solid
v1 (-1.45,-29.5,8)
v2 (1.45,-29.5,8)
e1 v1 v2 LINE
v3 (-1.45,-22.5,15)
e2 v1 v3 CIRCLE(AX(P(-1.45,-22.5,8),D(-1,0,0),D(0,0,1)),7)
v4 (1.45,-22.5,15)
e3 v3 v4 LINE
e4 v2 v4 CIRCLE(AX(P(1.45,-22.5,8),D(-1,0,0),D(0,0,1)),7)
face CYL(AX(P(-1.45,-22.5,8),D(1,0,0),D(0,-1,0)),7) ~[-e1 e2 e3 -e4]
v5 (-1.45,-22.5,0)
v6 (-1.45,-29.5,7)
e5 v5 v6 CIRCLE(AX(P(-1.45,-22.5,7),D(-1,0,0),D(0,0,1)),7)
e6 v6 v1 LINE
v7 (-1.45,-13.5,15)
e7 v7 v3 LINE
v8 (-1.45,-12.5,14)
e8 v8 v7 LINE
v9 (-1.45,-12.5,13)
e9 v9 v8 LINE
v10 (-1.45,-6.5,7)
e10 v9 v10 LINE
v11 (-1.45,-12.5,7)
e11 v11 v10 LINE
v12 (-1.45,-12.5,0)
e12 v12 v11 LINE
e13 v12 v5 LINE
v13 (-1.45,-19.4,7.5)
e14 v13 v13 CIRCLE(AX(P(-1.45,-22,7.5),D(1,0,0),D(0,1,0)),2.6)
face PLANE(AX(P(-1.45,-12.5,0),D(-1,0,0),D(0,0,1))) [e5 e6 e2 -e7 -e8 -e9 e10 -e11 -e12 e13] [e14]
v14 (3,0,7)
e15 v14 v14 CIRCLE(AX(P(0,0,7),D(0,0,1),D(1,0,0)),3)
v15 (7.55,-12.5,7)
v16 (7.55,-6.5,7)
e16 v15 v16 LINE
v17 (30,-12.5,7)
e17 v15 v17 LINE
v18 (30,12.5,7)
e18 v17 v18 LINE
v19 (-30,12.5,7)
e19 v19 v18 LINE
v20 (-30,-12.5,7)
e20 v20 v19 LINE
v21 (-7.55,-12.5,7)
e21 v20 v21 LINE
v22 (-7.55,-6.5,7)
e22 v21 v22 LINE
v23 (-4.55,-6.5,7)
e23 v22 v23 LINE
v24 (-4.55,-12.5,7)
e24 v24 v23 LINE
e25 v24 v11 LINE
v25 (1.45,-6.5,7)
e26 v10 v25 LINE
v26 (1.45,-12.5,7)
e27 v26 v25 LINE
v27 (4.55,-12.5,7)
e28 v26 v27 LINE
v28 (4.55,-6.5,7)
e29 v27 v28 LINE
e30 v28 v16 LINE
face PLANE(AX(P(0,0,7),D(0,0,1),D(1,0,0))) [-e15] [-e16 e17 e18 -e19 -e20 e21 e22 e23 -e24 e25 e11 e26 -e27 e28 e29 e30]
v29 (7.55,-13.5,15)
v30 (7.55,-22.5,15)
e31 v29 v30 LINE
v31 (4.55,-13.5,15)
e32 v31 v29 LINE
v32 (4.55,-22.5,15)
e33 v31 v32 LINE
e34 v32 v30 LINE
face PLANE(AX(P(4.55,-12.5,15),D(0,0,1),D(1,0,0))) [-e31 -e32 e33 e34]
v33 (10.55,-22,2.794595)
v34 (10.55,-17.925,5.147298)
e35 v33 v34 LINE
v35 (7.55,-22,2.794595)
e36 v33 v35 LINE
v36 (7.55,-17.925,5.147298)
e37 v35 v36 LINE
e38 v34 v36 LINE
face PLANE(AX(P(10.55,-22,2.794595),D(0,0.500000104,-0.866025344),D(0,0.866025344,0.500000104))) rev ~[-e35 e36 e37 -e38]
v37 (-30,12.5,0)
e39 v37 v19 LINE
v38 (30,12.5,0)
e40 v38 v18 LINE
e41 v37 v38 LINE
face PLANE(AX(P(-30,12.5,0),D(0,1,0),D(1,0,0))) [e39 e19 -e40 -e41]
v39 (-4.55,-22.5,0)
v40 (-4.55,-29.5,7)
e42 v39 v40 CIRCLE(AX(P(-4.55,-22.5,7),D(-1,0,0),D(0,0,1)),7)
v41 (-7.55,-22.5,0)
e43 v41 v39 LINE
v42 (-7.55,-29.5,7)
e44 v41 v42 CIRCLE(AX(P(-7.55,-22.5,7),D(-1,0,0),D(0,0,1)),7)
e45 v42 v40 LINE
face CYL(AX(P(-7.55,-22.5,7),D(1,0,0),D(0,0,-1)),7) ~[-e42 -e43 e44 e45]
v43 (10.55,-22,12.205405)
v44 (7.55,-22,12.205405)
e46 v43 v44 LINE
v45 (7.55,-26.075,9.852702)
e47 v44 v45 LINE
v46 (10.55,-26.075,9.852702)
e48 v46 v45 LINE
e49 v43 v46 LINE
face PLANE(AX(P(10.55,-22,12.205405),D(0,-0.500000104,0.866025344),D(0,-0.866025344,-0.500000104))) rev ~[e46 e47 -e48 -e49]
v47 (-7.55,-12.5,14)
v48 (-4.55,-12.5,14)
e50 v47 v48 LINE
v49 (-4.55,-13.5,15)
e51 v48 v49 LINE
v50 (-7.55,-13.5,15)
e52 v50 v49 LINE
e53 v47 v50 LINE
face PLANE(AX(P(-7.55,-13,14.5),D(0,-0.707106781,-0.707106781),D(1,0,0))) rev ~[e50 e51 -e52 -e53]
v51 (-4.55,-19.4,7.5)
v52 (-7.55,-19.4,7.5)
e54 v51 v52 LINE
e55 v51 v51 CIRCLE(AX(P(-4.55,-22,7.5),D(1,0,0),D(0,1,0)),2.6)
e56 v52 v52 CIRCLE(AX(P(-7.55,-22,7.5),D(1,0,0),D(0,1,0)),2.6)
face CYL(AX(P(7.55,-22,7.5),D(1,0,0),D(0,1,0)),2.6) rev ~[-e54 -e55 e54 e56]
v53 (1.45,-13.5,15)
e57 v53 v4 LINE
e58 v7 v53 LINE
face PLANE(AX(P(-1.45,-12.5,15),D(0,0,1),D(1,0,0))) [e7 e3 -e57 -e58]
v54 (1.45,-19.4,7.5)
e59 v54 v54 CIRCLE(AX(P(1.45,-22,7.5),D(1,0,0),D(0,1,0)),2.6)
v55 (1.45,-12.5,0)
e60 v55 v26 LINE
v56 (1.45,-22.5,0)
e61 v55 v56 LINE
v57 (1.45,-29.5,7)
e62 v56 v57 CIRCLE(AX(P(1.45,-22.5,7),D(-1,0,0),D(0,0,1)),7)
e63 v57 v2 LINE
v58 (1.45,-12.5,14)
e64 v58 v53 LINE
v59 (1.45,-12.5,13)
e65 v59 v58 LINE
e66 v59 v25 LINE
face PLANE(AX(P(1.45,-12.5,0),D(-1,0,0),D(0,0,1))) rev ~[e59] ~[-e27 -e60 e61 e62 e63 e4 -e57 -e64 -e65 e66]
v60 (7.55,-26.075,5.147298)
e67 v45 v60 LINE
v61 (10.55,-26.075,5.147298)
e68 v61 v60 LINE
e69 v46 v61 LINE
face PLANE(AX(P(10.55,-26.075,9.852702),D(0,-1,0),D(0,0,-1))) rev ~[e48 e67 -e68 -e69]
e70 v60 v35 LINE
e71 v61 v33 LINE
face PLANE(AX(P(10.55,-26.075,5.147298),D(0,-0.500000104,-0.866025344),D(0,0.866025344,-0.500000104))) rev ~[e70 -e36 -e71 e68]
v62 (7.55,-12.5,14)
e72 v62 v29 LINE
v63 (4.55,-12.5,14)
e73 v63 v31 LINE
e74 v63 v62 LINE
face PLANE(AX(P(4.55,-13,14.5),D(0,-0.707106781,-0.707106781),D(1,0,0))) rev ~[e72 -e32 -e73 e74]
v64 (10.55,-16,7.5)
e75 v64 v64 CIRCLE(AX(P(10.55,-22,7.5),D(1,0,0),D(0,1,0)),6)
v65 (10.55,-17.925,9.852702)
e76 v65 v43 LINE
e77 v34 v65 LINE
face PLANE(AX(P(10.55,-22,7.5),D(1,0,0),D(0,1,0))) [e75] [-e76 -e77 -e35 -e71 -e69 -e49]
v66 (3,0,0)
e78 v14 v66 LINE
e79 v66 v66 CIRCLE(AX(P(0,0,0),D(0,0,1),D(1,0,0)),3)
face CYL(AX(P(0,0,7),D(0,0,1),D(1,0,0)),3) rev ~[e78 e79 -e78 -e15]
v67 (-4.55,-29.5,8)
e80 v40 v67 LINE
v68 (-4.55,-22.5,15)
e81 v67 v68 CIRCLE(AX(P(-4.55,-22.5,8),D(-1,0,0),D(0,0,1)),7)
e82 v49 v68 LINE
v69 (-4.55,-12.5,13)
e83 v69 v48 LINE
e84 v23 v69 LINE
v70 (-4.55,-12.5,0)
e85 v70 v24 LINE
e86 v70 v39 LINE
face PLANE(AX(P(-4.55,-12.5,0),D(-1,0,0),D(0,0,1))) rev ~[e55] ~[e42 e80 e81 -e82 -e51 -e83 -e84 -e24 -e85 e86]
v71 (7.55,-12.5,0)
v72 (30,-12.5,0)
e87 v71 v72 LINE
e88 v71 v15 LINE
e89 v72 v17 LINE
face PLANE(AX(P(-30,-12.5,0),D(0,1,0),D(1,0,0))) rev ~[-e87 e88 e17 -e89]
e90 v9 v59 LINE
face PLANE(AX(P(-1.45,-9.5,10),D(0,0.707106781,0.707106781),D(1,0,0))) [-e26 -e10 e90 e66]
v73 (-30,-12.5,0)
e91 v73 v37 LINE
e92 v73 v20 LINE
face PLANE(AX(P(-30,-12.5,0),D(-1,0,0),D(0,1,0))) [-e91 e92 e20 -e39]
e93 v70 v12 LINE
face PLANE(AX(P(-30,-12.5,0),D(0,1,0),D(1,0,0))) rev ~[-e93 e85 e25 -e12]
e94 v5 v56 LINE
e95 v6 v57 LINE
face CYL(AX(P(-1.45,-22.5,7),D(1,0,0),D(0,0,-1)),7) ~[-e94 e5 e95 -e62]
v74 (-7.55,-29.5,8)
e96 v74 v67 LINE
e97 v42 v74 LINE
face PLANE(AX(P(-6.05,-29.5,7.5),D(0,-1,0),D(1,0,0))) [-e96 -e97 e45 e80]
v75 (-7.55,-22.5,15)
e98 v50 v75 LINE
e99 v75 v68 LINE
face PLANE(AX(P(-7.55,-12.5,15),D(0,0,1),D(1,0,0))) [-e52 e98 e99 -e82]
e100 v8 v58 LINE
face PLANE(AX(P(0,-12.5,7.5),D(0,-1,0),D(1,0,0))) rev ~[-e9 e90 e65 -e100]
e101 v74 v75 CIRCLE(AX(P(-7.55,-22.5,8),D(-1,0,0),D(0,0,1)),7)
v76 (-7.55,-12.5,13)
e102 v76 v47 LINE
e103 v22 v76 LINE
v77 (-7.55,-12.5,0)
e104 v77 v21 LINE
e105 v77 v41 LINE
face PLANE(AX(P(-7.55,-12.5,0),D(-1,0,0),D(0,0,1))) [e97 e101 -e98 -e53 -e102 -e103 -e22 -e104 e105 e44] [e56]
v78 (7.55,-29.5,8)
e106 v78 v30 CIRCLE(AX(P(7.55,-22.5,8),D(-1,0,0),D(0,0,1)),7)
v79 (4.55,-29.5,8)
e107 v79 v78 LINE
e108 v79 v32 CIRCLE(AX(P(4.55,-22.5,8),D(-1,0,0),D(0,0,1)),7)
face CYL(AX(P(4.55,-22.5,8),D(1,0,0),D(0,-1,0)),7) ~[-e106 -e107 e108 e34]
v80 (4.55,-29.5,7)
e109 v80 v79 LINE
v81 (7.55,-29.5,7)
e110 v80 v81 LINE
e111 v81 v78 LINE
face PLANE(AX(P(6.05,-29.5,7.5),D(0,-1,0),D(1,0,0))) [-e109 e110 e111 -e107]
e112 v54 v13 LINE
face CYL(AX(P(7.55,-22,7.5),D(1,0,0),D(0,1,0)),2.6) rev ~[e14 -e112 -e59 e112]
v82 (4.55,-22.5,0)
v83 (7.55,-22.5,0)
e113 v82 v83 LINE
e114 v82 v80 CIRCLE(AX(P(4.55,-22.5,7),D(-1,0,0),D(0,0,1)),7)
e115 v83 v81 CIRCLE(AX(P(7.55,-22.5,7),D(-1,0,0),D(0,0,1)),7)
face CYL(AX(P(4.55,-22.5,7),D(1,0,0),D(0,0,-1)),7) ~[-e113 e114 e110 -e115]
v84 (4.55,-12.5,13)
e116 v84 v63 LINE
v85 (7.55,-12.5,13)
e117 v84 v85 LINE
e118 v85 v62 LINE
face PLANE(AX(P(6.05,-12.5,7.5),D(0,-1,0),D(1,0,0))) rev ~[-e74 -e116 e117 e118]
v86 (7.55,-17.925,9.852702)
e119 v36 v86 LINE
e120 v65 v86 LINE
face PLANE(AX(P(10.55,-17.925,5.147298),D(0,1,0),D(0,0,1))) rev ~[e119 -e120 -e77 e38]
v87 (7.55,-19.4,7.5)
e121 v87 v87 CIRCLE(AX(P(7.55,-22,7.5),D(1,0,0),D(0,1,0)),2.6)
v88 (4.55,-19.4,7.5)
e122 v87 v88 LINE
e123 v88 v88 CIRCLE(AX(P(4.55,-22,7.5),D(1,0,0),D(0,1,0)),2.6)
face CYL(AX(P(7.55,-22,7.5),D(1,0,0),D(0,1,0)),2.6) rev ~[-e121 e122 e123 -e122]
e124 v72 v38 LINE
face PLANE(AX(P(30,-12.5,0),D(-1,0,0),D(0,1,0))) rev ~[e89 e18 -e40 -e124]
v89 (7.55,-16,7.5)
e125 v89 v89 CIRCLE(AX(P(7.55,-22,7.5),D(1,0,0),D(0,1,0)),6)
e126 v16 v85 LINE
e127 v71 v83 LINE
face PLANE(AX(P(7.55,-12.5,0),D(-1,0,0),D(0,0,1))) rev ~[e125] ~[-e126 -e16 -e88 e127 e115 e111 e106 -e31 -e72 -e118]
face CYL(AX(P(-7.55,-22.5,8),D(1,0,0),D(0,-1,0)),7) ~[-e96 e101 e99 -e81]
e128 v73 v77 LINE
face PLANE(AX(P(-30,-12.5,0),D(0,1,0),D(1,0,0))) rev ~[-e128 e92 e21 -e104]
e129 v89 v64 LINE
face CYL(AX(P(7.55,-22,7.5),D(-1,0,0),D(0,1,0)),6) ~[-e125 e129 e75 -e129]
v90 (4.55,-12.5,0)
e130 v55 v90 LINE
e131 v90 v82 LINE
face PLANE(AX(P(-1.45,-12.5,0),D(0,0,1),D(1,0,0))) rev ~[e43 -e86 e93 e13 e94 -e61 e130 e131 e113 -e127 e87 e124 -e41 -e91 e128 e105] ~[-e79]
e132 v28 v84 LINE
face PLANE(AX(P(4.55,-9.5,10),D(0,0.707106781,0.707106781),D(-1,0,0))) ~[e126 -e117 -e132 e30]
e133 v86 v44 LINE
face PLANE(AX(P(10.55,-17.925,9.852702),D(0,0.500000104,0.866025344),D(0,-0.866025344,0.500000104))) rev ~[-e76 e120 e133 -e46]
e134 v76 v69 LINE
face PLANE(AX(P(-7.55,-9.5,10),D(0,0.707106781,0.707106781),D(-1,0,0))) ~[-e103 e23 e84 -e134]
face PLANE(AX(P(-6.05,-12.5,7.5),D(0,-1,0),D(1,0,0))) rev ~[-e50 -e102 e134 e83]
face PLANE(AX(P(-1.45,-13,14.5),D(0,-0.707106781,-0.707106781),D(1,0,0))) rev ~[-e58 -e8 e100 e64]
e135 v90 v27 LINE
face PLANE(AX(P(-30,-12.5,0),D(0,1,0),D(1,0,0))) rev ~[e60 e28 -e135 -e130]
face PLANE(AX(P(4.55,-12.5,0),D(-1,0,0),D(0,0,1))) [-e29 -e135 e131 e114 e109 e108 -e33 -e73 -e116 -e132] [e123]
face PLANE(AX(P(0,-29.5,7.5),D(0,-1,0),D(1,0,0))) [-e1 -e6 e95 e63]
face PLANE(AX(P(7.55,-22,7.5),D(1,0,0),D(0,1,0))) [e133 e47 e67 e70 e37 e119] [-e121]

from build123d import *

# Parameters (mm, degrees)
SKETCH_W        = 60
SKETCH_H        = 25
PAD_DEPTH       = 7
SKETCH002_R     = 3
POCKET_DEPTH    = 7.001
SKETCH003_W     = 2.9
SKETCH003_H     = 15
SKETCH003_W_2   = 3
PAD001_DEPTH    = 17
SKETCH005_R     = 6
PAD002_DEPTH    = 3
POCKET001_DEPTH = 3
SKETCH007_R     = 2.6
POCKET002_DEPTH = 37.551
FILLET_R        = 7
CHAMFER_SIZE    = 6
CHAMFER001_SIZE = 1


with BuildPart() as part:
    # Sketch → Pad (new body)
    with BuildSketch(Plane.XY):
        Rectangle(SKETCH_W, SKETCH_H)
    extrude(amount=PAD_DEPTH)

    # Sketch002 (on Face6 of Pad) → Pocket (cut, through all)
    with BuildSketch(Plane.XY.offset(7)):
        Circle(SKETCH002_R)
    extrude(amount=-POCKET_DEPTH, mode=Mode.SUBTRACT)

    # Sketch003 (on Face6 of Pocket) → Pad001 (join)
    with BuildSketch(Plane.XZ.offset(12.5)):
        with Locations((0, 7.5)):
            Rectangle(SKETCH003_W, SKETCH003_H)
        with Locations((6.05, 7.5)):
            Rectangle(SKETCH003_W_2, SKETCH003_H)
        with Locations((-6.05, 7.5)):
            Rectangle(SKETCH003_W_2, SKETCH003_H)
    extrude(amount=PAD001_DEPTH)

    # Sketch005 (on Face18 of Pad001) → Pad002 (join)
    with BuildSketch(Plane.YZ.offset(7.55)):
        with Locations((-22, 7.5)):
            Circle(SKETCH005_R)
    extrude(amount=PAD002_DEPTH)

    # Sketch006 (on Face30 of Pad002) → Pocket001 (cut)
    with BuildSketch(Plane.YZ.offset(10.55)):
        Polygon((-17.925, 9.852702), (-22, 12.205405), (-26.075, 9.852702), (-26.075, 5.147298), (-22, 2.794595), (-17.925, 5.147298), align=None)
    extrude(amount=-POCKET001_DEPTH, mode=Mode.SUBTRACT)

    # Sketch007 (on Face37 of Pocket001) → Pocket002 (cut, through all)
    with BuildSketch(Plane.YZ.offset(7.55)):
        with Locations((-22, 7.5)):
            Circle(SKETCH007_R)
    extrude(amount=-POCKET002_DEPTH, mode=Mode.SUBTRACT)

    # Fillet
    fillet_edges = [part.edges().sort_by_distance(p)[0] for p in [
        (0, -29.5, 15),
        (-6.05, -29.5, 15),
        (6.05, -29.5, 15),
        (6.05, -29.5, 0),
        (0, -29.5, 0),
        (-6.05, -29.5, 0),
    ]]
    fillet(fillet_edges, radius=FILLET_R)

    # Chamfer
    chamfer_edges = [part.edges().sort_by_distance(p)[0] for p in [
        (6.05, -12.5, 7),
        (0, -12.5, 7),
        (-6.05, -12.5, 7),
    ]]
    chamfer(chamfer_edges, length=CHAMFER_SIZE)

    # Chamfer001
    chamfer001_edges = [part.edges().sort_by_distance(p)[0] for p in [
        (6.05, -12.5, 15),
        (0, -12.5, 15),
        (-6.05, -12.5, 15),
    ]]
    chamfer(chamfer001_edges, length=CHAMFER001_SIZE)


solid = part.part
